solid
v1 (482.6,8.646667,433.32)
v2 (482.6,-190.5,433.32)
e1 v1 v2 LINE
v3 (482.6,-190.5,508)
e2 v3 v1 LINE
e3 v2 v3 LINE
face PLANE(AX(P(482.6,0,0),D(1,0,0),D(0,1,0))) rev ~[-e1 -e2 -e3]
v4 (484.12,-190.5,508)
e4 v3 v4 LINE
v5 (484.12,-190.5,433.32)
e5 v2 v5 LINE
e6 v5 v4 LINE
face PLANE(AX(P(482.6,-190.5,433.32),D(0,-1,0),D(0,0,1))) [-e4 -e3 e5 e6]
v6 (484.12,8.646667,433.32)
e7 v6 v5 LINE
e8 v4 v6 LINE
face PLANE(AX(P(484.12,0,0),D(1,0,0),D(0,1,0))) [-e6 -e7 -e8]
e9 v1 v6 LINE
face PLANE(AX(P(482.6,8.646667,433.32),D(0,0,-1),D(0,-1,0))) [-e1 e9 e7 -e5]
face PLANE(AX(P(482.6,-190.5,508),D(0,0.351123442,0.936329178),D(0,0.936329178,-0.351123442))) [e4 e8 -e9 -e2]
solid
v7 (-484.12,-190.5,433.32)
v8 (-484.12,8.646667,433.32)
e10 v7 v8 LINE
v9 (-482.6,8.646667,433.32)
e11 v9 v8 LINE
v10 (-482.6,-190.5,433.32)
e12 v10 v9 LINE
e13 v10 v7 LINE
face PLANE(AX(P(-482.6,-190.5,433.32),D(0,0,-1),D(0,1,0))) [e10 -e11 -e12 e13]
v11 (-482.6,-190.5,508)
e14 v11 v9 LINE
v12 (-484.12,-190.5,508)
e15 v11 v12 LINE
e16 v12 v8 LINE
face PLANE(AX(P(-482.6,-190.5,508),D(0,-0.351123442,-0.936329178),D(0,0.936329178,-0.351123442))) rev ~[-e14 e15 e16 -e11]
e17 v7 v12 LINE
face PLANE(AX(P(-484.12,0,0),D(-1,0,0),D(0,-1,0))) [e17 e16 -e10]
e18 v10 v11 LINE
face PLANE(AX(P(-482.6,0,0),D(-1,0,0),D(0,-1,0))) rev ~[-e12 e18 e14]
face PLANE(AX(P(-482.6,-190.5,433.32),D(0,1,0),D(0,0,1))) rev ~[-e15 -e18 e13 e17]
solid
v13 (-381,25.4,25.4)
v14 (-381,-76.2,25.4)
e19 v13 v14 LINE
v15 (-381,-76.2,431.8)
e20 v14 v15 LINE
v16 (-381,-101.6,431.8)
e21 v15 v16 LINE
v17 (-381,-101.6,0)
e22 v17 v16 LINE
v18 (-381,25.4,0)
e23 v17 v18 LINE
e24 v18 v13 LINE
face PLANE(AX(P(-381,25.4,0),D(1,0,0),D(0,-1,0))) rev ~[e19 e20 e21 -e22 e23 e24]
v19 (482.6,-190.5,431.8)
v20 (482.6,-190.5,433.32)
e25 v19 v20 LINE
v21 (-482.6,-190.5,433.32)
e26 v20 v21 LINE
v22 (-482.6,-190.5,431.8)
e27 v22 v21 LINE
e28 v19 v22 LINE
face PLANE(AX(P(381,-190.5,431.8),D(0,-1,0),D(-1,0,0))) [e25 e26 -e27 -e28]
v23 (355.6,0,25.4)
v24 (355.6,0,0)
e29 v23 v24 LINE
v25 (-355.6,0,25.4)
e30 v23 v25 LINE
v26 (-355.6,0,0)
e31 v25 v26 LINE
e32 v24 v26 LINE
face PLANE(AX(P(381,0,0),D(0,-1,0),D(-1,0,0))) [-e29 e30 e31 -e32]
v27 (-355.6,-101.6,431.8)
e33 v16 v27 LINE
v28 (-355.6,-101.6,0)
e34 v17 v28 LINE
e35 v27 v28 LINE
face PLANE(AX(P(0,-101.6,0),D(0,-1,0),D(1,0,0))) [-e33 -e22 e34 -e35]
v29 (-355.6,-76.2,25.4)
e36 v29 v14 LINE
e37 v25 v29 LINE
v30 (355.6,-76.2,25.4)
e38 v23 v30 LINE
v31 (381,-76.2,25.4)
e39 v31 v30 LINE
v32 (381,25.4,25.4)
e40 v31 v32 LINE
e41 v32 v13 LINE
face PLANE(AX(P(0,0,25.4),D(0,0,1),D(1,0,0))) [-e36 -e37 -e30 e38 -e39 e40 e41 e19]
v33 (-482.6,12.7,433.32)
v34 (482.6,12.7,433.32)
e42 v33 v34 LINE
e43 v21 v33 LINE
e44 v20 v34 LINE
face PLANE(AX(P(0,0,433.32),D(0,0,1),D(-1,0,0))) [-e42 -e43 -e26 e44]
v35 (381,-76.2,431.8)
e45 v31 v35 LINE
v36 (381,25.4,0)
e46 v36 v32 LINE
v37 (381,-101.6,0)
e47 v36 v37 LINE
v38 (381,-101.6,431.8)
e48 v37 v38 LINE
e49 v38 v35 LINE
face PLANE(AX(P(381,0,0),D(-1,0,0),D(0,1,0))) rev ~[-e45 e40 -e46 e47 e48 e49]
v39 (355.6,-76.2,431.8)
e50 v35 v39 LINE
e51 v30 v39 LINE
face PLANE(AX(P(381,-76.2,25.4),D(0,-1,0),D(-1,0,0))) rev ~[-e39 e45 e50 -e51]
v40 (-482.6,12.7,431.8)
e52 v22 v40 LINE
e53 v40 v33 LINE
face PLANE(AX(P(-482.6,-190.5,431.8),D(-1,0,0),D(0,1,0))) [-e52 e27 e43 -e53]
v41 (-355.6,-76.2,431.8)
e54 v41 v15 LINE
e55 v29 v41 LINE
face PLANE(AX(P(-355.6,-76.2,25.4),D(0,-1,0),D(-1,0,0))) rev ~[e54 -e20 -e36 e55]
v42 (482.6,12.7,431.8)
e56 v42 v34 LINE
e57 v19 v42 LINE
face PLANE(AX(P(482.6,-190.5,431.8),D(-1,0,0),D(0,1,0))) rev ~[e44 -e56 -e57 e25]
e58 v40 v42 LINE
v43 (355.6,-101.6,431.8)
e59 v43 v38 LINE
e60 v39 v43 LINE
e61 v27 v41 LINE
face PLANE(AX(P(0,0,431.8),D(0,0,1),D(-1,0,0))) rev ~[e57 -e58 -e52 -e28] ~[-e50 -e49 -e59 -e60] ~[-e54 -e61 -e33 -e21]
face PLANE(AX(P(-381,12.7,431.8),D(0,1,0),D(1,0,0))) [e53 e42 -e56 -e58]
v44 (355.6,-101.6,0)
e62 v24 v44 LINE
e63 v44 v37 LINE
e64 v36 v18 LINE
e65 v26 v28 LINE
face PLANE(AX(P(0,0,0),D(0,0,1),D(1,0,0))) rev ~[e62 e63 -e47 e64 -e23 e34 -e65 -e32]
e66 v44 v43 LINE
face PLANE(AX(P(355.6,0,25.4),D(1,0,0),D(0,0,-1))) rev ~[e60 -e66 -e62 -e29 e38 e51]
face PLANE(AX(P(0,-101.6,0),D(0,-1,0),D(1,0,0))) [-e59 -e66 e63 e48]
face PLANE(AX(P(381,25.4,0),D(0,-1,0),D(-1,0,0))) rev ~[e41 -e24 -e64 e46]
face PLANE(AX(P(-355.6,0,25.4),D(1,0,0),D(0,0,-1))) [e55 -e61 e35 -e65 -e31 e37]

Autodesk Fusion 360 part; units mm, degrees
sketch "Sketch1" plane through (0, 0, 0) normal (0, 0, 1) x (1, 0, 0)
  line L0 (381, 0) -> (-381, 0)
  line L1 (-381, 0) -> (381, 0)
  line L2 (381, 0) -> (381, 25.4)
  line L3 (381, 25.4) -> (-381, 25.4)
  line L4 (-381, 25.4) -> (-381, 0)
  dimension "d1" = 762
  dimension "d2" = 25.4
extrude "Extrude1" add sketch "Sketch1" along normal blind 25.4 makes body 1
sketch "Sketch3" plane through (0, 0, 0) normal (0, -1, 0) x (1, 0, 0)
  line L0 (-381, 0) -> (381, 0)
  line L1 (381, 0) -> (381, 25.4)
  line L2 (381, 25.4) -> (-381, 25.4)
  line L3 (-381, 25.4) -> (-381, 0)
  line L4 (-381, 25.4) -> (-355.6, 25.4)
  line L5 (-355.6, 25.4) -> (-355.6, 0)
  line L6 (-355.6, 0) -> (-381, 0)
  line L7 (-381, 0) -> (-381, 25.4)
  line L8 (381, 25.4) -> (355.6, 25.4)
  line L9 (355.6, 25.4) -> (355.6, 0)
  line L10 (355.6, 0) -> (381, 0)
  line L11 (381, 0) -> (381, 25.4)
  dimension "d7" = 25.4
  dimension "d8" = 25.4
extrude "Extrude2" add sketch "Sketch3" along normal blind 101.6 contours L0 L2 L3 L4 L5 L6 L7 | L0 L1 L2 L8 L9 L10 L11 bodies 1
sketch "Sketch4" plane through (0, 0, 25.4) normal (0, 0, 1) x (-1, 0, 0)
  line L0 (381, -25.4) -> (381, 101.6)
  line L1 (381, 101.6) -> (355.6, 101.6)
  line L2 (355.6, 101.6) -> (355.6, 0)
  line L3 (355.6, 0) -> (-355.6, 0)
  line L4 (-355.6, 0) -> (-355.6, 101.6)
  line L5 (-355.6, 101.6) -> (-381, 101.6)
  line L6 (-381, 101.6) -> (-381, -25.4)
  line L7 (-381, -25.4) -> (381, -25.4)
  line L8 (381, 101.6) -> (355.6, 101.6)
  line L9 (355.6, 101.6) -> (355.6, 76.2)
  line L10 (355.6, 76.2) -> (381, 76.2)
  line L11 (381, 76.2) -> (381, 101.6)
  line L12 (-355.6, 101.6) -> (-381, 101.6)
  line L13 (-381, 101.6) -> (-381, 76.2)
  line L14 (-381, 76.2) -> (-355.6, 76.2)
  line L15 (-355.6, 76.2) -> (-355.6, 101.6)
  dimension "d11" = 25.4
  dimension "d12" = 25.4
extrude "Extrude3" add sketch "Sketch4" along normal blind 406.4 contours L0 L1 L2 L8 L9 L10 L11 | L4 L5 L6 L12 L13 L14 L15 bodies 1
sketch "Sketch5" plane through (0, 0, 431.8) normal (0, 0, 1) x (-1, 0, 0)
  line L0 (381, 76.2) -> (381, 101.6)
  line L1 (381, 101.6) -> (355.6, 101.6)
  line L2 (355.6, 101.6) -> (355.6, 76.2)
  line L3 (355.6, 76.2) -> (381, 76.2)
  line L4 (381, 76.2) -> (381, -12.7)
  line L5 (381, 101.6) -> (381, 190.5)
  line L6 (381, 76.2) -> (381, 101.6)
  line L7 (381, 76.2) -> (381, 101.6)
  line L8 (381, -12.7) -> (-381, -12.7)
  line L9 (-381, -12.7) -> (-381, 190.5)
  line L10 (-381, 190.5) -> (381, 190.5)
  line L11 (-381, 190.5) -> (-482.6, 190.5)
  line L12 (-482.6, 190.5) -> (-482.6, -12.7)
  line L13 (-482.6, -12.7) -> (-381, -12.7)
  line L14 (-381, -12.7) -> (-381, 190.5)
  line L15 (381, 190.5) -> (482.6, 190.5)
  line L16 (482.6, 190.5) -> (482.6, -12.7)
  line L17 (482.6, -12.7) -> (381, -12.7)
  line L18 (381, -12.7) -> (381, 190.5)
  dimension "d15" = 88.9
  dimension "d16" = 88.9
  dimension "d17" = 762
  dimension "d18" = 203.2
  dimension "d27" = 203.2
  dimension "d28" = 101.6
  dimension "d29" = 101.6
extrude "Extrude4" add sketch "Sketch5" along normal blind 1.52 separate body contours L0 L1 L2 L3 L6 L7 L18 | L1 L2 L3 L4 L5 L8 L9 L10 L14 L18 makes body 2
extrude "Extrude7" add sketch "Sketch5" along normal blind 1.52 contours L0 L4 L5 L6 L7 L15 L16 L17 L18 | L9 L11 L12 L13 L14 bodies 1 2
sketch "Sketch9" plane through (482.6, 0, 0) normal (1, 0, 0) x (0, 1, 0)
  line L0 (-190.5, 431.8) -> (12.7, 431.8)
  line L1 (12.7, 431.8) -> (12.7, 433.32)
  line L2 (12.7, 433.32) -> (-190.5, 433.32)
  line L3 (-190.5, 433.32) -> (-190.5, 431.8)
  line L4 (-190.5, 431.8) -> (12.7, 431.8)
  line L5 (-190.5, 431.8) -> (-190.5, 508)
  line L6 (-190.5, 508) -> (12.7, 431.8)
  dimension "d32" = 76.2
sketch "Sketch10" plane through (-482.6, 0, 0) normal (-1, 0, 0) x (0, -1, 0)
  line L0 (-12.7, 431.8) -> (190.5, 431.8)
  line L1 (190.5, 431.8) -> (190.5, 433.32)
  line L2 (190.5, 433.32) -> (-12.7, 433.32)
  line L3 (-12.7, 433.32) -> (-12.7, 431.8)
  line L4 (-12.7, 431.8) -> (190.5, 431.8)
  line L5 (190.5, 431.8) -> (190.5, 508)
  line L6 (190.5, 508) -> (-12.7, 431.8)
  dimension "d33" = 76.2
extrude "Extrude8" add sketch "Sketch9" along normal blind 1.52 separate body contours L2 L5 L6 makes body 3
extrude "Extrude9" add sketch "Sketch10" along normal blind 1.52 separate body contours L2 L5 L6 makes body 4
